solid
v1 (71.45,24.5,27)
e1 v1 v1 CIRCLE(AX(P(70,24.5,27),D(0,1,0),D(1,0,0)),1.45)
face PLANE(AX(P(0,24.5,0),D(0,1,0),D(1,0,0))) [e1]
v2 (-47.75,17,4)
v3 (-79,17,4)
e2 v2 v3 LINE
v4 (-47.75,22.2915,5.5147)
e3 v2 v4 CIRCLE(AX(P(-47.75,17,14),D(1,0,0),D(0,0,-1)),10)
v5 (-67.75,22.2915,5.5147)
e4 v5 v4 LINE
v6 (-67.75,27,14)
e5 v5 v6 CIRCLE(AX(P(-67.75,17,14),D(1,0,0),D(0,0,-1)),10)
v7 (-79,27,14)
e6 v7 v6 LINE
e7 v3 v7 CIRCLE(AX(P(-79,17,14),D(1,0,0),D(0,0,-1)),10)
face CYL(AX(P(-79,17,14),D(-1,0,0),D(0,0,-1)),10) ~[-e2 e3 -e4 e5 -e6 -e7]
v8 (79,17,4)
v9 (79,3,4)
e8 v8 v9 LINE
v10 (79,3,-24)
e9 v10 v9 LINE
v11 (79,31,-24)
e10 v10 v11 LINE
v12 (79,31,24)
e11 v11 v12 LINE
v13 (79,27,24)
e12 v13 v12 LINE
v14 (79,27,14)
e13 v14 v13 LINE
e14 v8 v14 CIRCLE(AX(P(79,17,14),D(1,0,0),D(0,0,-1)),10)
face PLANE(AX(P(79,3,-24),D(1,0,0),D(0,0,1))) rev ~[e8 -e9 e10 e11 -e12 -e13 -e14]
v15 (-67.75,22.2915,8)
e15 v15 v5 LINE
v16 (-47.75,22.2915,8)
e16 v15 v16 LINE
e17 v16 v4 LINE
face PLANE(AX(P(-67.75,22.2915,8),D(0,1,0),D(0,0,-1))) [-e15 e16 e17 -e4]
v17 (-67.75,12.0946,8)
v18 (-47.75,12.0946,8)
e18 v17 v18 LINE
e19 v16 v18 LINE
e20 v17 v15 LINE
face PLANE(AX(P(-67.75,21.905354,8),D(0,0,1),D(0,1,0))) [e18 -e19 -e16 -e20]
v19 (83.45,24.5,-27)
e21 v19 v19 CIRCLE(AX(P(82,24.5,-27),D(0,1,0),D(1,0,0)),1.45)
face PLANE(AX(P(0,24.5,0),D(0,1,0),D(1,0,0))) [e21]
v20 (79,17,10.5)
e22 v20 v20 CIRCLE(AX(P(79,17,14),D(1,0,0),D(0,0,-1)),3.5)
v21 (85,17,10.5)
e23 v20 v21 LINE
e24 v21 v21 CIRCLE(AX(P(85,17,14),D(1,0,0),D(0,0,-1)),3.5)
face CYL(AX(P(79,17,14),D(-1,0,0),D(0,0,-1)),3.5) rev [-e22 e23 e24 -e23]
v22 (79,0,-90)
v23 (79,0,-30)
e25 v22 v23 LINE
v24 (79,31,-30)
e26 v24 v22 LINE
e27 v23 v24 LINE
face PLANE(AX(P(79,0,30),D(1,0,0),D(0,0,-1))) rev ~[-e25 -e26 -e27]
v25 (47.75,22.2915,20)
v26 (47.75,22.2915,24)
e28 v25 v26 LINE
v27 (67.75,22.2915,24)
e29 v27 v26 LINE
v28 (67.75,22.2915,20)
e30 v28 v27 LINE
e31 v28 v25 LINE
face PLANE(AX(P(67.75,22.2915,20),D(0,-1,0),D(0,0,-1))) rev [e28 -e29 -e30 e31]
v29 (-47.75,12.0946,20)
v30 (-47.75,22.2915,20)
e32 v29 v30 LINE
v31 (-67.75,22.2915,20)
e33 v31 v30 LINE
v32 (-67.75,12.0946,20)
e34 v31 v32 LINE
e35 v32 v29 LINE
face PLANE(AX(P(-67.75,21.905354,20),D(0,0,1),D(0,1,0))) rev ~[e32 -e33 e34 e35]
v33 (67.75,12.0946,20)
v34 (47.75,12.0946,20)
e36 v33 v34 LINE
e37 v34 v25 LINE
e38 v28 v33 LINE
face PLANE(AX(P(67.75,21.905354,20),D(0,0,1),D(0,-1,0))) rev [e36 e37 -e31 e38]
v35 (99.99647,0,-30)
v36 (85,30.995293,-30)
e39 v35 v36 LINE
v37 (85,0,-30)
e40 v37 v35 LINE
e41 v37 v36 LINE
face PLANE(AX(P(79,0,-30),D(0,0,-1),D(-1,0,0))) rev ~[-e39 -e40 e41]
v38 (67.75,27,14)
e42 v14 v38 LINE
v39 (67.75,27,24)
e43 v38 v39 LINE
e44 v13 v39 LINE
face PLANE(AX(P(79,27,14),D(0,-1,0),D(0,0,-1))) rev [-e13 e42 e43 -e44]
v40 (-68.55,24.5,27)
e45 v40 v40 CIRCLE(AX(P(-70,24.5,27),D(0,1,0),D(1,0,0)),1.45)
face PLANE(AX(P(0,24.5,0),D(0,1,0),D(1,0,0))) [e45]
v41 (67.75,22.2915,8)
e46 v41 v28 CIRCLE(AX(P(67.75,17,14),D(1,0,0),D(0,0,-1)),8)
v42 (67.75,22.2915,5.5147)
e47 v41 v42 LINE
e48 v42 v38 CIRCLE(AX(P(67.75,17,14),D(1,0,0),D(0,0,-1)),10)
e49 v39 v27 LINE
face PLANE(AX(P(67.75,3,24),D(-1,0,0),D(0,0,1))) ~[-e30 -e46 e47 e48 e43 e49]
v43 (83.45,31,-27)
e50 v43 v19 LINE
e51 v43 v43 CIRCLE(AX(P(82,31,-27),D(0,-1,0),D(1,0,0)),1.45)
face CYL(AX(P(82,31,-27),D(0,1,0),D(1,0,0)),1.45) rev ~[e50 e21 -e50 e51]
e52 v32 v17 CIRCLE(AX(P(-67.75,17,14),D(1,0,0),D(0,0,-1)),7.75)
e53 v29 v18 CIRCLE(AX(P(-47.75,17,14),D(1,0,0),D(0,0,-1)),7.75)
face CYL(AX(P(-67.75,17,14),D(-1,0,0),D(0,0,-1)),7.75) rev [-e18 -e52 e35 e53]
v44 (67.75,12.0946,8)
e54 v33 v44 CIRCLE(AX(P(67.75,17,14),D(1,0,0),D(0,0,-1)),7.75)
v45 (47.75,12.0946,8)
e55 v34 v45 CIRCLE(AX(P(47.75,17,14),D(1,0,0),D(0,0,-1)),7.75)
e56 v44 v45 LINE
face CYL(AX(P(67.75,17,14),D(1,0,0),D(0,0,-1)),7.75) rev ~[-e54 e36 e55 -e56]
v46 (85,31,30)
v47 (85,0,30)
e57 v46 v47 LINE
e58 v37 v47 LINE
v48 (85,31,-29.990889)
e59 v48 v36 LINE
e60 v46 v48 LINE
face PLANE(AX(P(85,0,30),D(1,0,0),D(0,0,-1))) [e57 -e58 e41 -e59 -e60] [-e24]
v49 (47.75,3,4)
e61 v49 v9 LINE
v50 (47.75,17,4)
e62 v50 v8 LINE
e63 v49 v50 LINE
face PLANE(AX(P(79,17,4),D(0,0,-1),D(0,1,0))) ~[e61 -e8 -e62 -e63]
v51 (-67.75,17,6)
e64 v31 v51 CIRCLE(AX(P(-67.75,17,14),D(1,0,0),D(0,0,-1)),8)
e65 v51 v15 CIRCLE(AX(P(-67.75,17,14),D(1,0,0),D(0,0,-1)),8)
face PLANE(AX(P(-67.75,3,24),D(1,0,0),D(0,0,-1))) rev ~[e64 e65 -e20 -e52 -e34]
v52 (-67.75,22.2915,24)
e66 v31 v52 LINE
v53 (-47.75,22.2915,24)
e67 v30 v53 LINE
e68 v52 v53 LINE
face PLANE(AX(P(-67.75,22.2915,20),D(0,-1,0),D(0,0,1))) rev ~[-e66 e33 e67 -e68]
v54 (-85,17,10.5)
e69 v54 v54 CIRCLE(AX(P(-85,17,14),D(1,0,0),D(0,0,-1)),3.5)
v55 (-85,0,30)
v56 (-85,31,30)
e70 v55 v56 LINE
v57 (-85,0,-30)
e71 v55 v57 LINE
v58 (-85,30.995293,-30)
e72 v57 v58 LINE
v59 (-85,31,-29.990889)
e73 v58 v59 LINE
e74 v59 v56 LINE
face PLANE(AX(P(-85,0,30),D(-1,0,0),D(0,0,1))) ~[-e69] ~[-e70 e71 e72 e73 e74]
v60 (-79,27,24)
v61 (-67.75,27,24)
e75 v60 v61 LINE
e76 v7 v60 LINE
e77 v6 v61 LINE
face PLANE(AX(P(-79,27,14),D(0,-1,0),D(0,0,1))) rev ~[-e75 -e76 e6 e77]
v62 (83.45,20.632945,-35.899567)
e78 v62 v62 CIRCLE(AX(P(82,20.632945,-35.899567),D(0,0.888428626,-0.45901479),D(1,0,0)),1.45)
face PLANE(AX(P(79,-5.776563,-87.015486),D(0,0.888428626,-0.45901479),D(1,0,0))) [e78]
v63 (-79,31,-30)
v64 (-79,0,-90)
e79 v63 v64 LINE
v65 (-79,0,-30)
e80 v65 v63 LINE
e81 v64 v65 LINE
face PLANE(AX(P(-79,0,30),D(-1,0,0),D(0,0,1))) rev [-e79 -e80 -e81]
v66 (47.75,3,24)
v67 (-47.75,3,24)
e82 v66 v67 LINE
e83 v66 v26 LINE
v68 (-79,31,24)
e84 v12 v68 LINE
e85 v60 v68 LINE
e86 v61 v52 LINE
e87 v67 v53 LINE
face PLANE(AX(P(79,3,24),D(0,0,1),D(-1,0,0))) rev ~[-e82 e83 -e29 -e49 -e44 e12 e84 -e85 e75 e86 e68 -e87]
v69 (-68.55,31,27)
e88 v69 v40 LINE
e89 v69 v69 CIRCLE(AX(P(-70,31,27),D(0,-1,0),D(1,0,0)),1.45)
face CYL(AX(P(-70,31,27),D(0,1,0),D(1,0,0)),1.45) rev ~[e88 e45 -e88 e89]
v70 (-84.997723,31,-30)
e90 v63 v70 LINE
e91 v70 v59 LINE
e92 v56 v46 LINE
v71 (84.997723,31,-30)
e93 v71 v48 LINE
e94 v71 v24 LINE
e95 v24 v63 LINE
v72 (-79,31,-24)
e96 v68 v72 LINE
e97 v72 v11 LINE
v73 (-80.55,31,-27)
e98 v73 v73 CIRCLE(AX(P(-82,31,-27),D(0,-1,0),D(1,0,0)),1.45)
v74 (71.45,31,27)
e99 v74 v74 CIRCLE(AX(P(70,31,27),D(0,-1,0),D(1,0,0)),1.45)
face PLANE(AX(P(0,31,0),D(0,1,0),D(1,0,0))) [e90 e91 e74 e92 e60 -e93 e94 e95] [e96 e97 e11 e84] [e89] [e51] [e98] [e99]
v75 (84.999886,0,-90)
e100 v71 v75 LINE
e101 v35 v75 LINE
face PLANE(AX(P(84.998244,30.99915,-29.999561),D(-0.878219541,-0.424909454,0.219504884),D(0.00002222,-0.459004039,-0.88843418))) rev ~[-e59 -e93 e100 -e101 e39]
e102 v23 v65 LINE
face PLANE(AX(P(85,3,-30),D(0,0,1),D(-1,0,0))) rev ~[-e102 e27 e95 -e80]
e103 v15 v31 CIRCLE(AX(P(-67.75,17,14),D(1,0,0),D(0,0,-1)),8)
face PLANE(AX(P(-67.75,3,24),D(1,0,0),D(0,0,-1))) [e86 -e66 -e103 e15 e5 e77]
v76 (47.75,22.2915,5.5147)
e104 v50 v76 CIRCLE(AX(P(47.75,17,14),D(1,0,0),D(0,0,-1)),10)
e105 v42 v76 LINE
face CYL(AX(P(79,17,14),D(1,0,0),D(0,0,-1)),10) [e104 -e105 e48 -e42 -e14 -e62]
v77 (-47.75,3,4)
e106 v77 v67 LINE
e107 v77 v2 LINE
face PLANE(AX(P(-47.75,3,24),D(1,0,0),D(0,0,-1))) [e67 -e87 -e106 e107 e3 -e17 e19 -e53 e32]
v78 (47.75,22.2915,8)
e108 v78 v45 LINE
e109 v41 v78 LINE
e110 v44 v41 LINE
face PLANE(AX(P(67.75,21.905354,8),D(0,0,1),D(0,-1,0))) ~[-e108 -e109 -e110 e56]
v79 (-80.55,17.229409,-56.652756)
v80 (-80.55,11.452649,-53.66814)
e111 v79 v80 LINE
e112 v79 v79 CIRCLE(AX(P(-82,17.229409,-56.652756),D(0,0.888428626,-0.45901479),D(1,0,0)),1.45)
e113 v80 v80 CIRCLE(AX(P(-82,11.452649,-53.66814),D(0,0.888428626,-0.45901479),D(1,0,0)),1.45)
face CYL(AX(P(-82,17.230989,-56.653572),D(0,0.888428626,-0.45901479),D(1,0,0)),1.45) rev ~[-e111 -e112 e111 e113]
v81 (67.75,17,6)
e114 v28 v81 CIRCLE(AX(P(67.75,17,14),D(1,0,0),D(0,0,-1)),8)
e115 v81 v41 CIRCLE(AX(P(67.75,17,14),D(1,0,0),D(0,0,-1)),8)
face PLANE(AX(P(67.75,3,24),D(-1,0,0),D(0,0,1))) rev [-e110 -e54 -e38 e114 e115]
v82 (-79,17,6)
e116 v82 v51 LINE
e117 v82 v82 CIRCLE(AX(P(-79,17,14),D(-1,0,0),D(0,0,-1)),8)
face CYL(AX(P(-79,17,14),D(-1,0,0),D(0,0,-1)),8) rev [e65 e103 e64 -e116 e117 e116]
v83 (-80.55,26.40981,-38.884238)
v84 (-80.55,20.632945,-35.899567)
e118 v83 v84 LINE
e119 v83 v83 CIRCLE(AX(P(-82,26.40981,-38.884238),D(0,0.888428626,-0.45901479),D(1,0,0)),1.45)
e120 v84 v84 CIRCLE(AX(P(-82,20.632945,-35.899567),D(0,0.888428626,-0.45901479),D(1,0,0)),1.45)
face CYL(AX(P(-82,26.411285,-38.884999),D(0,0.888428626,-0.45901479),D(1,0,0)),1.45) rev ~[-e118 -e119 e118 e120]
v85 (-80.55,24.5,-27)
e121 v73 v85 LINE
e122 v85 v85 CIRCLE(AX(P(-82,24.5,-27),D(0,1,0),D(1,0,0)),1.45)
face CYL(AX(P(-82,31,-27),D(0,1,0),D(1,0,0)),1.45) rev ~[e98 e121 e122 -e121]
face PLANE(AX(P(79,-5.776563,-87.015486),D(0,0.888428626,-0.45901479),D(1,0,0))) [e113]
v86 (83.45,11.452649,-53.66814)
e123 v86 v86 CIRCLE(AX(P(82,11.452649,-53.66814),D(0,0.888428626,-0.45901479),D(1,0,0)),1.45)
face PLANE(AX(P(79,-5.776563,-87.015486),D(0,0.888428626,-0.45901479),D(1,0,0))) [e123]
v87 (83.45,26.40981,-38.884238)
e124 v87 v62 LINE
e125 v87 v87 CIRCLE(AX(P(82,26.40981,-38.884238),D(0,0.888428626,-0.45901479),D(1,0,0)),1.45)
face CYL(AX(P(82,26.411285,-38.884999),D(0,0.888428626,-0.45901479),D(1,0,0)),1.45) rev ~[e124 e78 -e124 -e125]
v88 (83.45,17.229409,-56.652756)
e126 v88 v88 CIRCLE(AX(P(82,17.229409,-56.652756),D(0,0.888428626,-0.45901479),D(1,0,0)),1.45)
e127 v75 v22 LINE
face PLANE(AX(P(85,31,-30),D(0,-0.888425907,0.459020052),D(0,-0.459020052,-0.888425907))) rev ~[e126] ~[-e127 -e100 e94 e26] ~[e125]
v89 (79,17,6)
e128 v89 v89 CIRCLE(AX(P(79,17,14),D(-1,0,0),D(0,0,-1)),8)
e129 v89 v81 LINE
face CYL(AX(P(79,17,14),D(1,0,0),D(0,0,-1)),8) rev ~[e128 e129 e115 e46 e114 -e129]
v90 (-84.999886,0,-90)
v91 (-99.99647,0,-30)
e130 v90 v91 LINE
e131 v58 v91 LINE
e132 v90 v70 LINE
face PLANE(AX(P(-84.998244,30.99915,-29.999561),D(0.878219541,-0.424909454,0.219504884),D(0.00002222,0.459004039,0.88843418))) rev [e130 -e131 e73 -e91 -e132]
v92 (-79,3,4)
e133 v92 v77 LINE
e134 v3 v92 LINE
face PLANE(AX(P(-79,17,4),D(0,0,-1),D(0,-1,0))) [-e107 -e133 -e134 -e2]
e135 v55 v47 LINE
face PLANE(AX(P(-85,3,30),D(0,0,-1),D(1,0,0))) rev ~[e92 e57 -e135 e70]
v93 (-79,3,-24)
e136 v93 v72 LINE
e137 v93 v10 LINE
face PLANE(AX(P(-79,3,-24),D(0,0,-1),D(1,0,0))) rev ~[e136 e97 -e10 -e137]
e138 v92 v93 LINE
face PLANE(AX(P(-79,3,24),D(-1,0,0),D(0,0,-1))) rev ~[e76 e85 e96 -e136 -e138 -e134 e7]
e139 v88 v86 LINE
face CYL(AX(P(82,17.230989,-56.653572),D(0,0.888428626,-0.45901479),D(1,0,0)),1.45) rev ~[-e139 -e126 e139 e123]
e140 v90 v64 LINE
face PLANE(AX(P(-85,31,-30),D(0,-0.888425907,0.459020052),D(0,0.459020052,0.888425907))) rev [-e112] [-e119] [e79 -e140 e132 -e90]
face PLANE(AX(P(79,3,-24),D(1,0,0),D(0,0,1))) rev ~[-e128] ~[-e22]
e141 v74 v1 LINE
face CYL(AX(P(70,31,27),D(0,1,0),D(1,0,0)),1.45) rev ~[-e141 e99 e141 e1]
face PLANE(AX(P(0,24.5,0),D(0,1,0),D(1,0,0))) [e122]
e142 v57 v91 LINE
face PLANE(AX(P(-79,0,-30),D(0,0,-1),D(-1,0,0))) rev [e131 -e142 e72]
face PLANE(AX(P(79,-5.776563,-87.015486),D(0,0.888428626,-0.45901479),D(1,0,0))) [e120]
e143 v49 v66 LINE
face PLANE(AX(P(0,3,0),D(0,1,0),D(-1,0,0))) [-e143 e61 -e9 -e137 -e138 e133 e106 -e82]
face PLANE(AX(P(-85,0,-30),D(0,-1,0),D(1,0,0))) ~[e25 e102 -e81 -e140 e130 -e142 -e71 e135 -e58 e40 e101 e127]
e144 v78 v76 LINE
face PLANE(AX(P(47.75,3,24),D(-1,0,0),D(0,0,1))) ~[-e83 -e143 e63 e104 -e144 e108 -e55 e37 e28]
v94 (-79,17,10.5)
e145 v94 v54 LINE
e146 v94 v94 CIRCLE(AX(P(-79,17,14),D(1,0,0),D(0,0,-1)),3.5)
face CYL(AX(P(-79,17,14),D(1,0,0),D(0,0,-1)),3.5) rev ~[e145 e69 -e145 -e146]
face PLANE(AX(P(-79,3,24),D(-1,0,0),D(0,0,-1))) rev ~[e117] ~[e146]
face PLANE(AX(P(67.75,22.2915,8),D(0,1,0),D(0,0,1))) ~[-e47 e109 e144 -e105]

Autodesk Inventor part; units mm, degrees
ref_plane "YZ Plane" through (0, 0, 0) normal (1, 0, 0) x (0, 1, 0)
ref_plane "XZ Plane" through (0, 0, 0) normal (0, 1, 0) x (-1, 0, 0)
sketch "Sketch1" plane through (0, 0, 0) normal (0, 1, 0) x (-1, 0, 0)
  line L0 (85, 30) -> (-85, 30)
  line L1 (-85, 30) -> (-85, -30)
  line L2 (-85, -30) -> (85, -30)
  line L3 (85, -30) -> (85, 30)
  line L4 (85, 30) -> (-85, -30) construction
  line L5 (-85, 30) -> (85, -30) construction
  line L6 (0, -42) -> (0, 42) projected
  point P0 (0, 0)
  point P1 (-100, -30)
  point P2 (-85, -27)
  dimension "d0" = 170
  dimension "d1" = 60
  dimension "d32" = 15
extrude "Extrusion1" add sketch "Sketch1" along normal blind 3
sketch "Sketch2" plane through (0, 3, 0) normal (0, 1, 0) x (1, 0, 0)
  line L0 (-85, 30) -> (-85, -30) projected
  line L1 (-85, -30) -> (85, -30) projected
  line L2 (85, -30) -> (85, 30) projected
  line L3 (79, -24) -> (-79, -24)
  line L4 (-79, -24) -> (-79, 24)
  line L5 (-79, 24) -> (79, 24)
  line L6 (79, 24) -> (79, -24)
  line L7 (79, -24) -> (-79, 24) construction
  line L8 (-79, -24) -> (79, 24) construction
  line L9 (85, 30) -> (-85, 30) projected
  point P0 (0, 0)
  dimension "d36" = 158
  dimension "d37" = 48
extrude "Extrusion2" add sketch "Sketch2" along normal blind 28
sketch "Sketch7" plane through (-79, 3, 24) normal (1, 0, 0) x (0, 0, -1)
  circle A0 centre (10, 14) radius 8
  line L0 (54, -3) -> (-6, -3) projected
  circle A1 centre (10, 14) radius 10
  line L1 (0, 14) -> (0, 0)
  line L2 (0, 14) -> (20, 14)
  line L3 (20, 14) -> (20, 0)
  line L4 (-6, -3) -> (-6, 28) projected
  line L5 (0, 0) -> (20, 0)
  line L6 (10, 24) -> (0, 24)
  line L7 (0, 0) -> (0, 28) projected
  line L8 (0, 14) -> (0, 24)
  point P0 (24, -3)
  point P1 (54, -3)
  dimension "MotorDiameter" = 16
  dimension "d18" = 17
  dimension "d20" = 2
  dimension "d40" = 20
  dimension "d62" = 10
extrude "Extrusion5" add sketch "Sketch7" along normal blind 11.25 contours L2 A1 A0 | A0 L2 A1 | L3 L5 L1 A1 | L7 L6 A1
sketch "Sketch8" plane through (-67.75, 3, 24) normal (1, 0, 0) x (0, 0, -1)
  arc A0 (20, 14) -> (10, 24) centre (10, 14) ccw projected
  circle A1 centre (10, 14) radius 8 projected
  line L0 (0, 0) -> (0, 24) projected
  line L1 (20, 0) -> (0, 0) projected
  line L2 (20, 0) -> (20, 14) projected
  circle A2 centre (10, 14) radius 7.75
  line L3 (10, 24) -> (0, 24) projected
  line L4 (0, 0) -> (0, 24) projected
  line L5 (4, 9.0946) -> (4, 19.2915)
  line L6 (10, 24) -> (0, 24) projected
  line L7 (16, 9.0946) -> (16, 19.2915)
  line L8 (16, 19.2915) -> (18.4853, 19.2915)
  arc A3 (20, 14) -> (10, 24) centre (10, 14) ccw projected
  line L9 (4, 19.2915) -> (0, 19.2915)
  point P0 (24, -3)
  point P1 (4, 27)
  point P2 (4, 18.9054)
  point P3 (16, 18.9054)
  dimension "d55" = 15.5
  dimension "d63" = 12
  dimension "d64" = 6
extrude "Extrusion6" add sketch "Sketch8" along normal blind 20 contours L2 L1 L0 L9 A1 L8 A0 | A1 L5 A2 L7 | A2 L7 | L5 A2 picked at (9.114, 6.2488)
sketch "Sketch9" plane through (-79, 20, 20) normal (1, 0, 0) x (0, 0, -1)
  circle A0 centre (6, -3) radius 3.5
  line L0 (50, -20) -> (-10, -20) projected
  line L1 (-10, -20) -> (-10, 11) projected
  point P0 (20, -20)
  point P1 (44, -20)
  dimension "d27" = 7
  dimension "d28" = 17
  dimension "d41" = 16
extrude "Extrusion7" cut sketch "Sketch9" against normal up to surface (6 mm away)
mirror "Mirror2" about plane through (0, 0, 0) normal (1, 0, 0) of "Extrusion7", "Extrusion6", "Extrusion5"
sketch "Sketch15" plane through (85, 0, 30) normal (1, 0, 0) x (0, 0, -1)
  line L0 (60, 31) -> (0, 31) projected
  line L1 (60, 31) -> (120, 0)
  line L2 (120, 0) -> (60, 0)
  circle A0 centre (16, 17) radius 3.5 projected
  line L3 (0, 0) -> (60, 0) projected
  line L4 (60, 0) -> (60, 31) projected
  line L5 (0, 31) -> (60, 31) projected
  line L6 (0, 0) -> (0, 31) projected
  point P0 (30, 0)
  dimension "d67" = 60
extrude "Extrusion12" add sketch "Sketch15" against normal blind 6 contours L1 L2 L4
mirror "Mirror5" about plane through (0, 0, 0) normal (1, 0, 0) of "Extrusion12"
sketch "Sketch16" plane through (79, 0, -30) normal (0, 0, -1) x (-1, 0, 0)
  line L0 (-6, 0) -> (-6, 31) projected
  line L1 (-6, 0) -> (0, 0) projected
  line L2 (0, 31) -> (0, 0) projected
  line L3 (-6, 31) -> (0, 31) projected
  line L4 (200.8, 0) -> (-56.8, 0) projected
  line L5 (-6, 31) -> (-21, 0)
  line L6 (-6, 0) -> (-21, 0)
  point P0 (79, 0)
  dimension "SideOffset" = 15
extrude "Extrusion13" add sketch "Sketch16" along normal blind 60 contours L4 L5 L0
ref_plane "Work Plane2" through (85, 31, -30) normal (-0.8782, -0.4249, 0.2195) x (0, -0.459, -0.8884)
sketch "Sketch19" plane through (85, 31, -30) normal (-0.8782, -0.4249, 0.2195) x (0, -0.459, -0.8884)
  line L0 (-86.7961, -100.9494) -> (167.9591, -100.9494)
  line L1 (167.9591, -100.9494) -> (167.9591, 132.7149)
  line L2 (167.9591, 132.7149) -> (-86.7961, 132.7149)
  line L3 (-86.7961, 132.7149) -> (-86.7961, -100.9494)
  point P0 (-12.4232, -4.3756)
extrude "Extrusion14" cut sketch "Sketch19" against normal blind 60
mirror "Mirror8" about plane through (0, 0, 0) normal (1, 0, 0) of "Extrusion13", "Extrusion14"
sketch "Sketch20" plane through (79, 0, -90) normal (0, 0.8884, -0.459) x (1, 0, 0)
  line L0 (6, 0) -> (6, -67.5352) projected
  line L1 (6, 0) -> (0, 0) projected
  line L2 (0, -67.5352) -> (0, 0) projected
  line L3 (6, -67.5352) -> (0, -67.5352) projected
  line L4 (-164, 0) -> (-164, -67.5352) projected
  line L5 (-158, -67.5352) -> (-164, -67.5352) projected
  line L6 (-158, -67.5352) -> (-158, 0) projected
  line L7 (-164, 0) -> (-158, 0) projected
  circle A0 centre (3, -57.5352) radius 1.45
  line L8 (6, -67.5352) -> (0, -67.5352) projected
  line L9 (3, -67.5352) -> (3, 0)
  circle A1 centre (3, -37.5352) radius 1.45
  line L10 (-79, 24.6917) -> (-79, -148.1499) projected
  circle A2 centre (-161, -57.5352) radius 1.45
  circle A3 centre (-161, -37.5352) radius 1.45
  point P0 (-79, -79.9583)
  dimension "d75" = 2.9
  dimension "d76" = 10
  dimension "d77" = 2.9
  dimension "d78" = 20
extrude "Extrusion15" cut sketch "Sketch20" against normal blind 6.5 contours A1 L9 | L9 A1 | L9 A0 | A0 L9 | A2 | A3
sketch "Sketch21" plane through (0, 31, 0) normal (0, 1, 0) x (1, 0, 0)
  line L0 (85, -30) -> (85, 30) projected
  line L1 (85, 30) -> (79, 30) projected
  line L2 (79, 30) -> (-79, 30) projected
  line L3 (-79, 30) -> (-85, 30) projected
  line L4 (-85, 30) -> (-85, -30) projected
  line L5 (-85, -30) -> (85, -30) projected
  line L6 (79, 24) -> (79, -24) projected
  line L7 (79, -24) -> (-79, -24) projected
  line L8 (-79, -24) -> (-79, 24) projected
  line L9 (-79, 24) -> (79, 24) projected
  line L10 (82, -30) -> (82, 30)
  line L11 (85, 30) -> (79, 30) projected
  line L12 (85, -30) -> (85, 30) projected
  line L13 (85, -27) -> (-85, -27)
  line L14 (-85, 30) -> (-85, -30) projected
  line L15 (85, 27) -> (-85, 27)
  circle A0 centre (82, 27) radius 1.45
  line L16 (0, 42) -> (0, -42) projected
  circle A1 centre (-82, 27) radius 1.45
  circle A2 centre (70, -27) radius 1.45
  circle A3 centre (-70, -27) radius 1.45
  point P0 (0, 0)
  dimension "d82" = 3
  dimension "d83" = 3
  dimension "d84" = 3
  dimension "d85" = 2.9
  dimension "d86" = 2.9
  dimension "d87" = 15
extrude "Extrusion16" cut sketch "Sketch21" against normal blind 6.5 contours A0 L10 L15 | L15 L10 A0 | A0 L15 L10 | A2 L13 | L13 A2 | L15 A0 L10 | A3 L13 | L13 A3 | A1 L15 | L15 A1
ref_plane "Work Plane3" through (-85, 31, -30) normal (-0.8782, 0.4249, -0.2195) x (0, -0.459, -0.8884)
equation "\"d0\" = Width"
equation "\"d1\" = Length"
equation "\"d32\" = -0.5 * Width + 0.5 * FullWidth"
equation "\"d2\" = BaseWallThickness"
equation "\"d36\" = Width - 2 * SideWallThickness"
equation "\"d37\" = Length - 2 * SideWallThickness"
equation "\"d5\" = Height - 2 * BaseWallThickness"
equation "\"d18\" = DriveMotorHeight"
equation "\"d20\" = DriveMotorMountThickness"
equation "\"d28\" = DriveMotorHeight"
equation "\"d41\" = SideWallThickness + DriveMotorMountThickness + 0.5 * MotorDiameter"
equation "\"d67\" = WedgeLength"
equation "\"d68\" = SideWallThickness"
equation "\"SideOffset\" = SideTriangleWidth"
equation "\"d71\" = WedgeLength"
equation "\"d73\" = WedgeLength"
equation "\"d75\" = ScrewHoleDia"
equation "\"d77\" = ScrewHoleDia"
equation "\"d79\" = ScrewDepth"
equation "\"d82\" = 0.5 * SideWallThickness"
equation "\"d83\" = 0.5 * SideWallThickness"
equation "\"d84\" = 0.5 * SideWallThickness"
equation "\"d85\" = ScrewHoleDia"
equation "\"d86\" = ScrewHoleDia"
equation "\"d88\" = ScrewDepth"
equation "\"SideWallThickness\" = 6"
equation "\"BaseWallThickness\" = 3"
equation "\"Width\" = 170"
equation "\"Length\" = 60"
equation "\"Height\" = 34"
equation "\"DriveMotorHeight\" = 17"
equation "\"DriveMotorMountThickness\" = 2"
equation "\"WedgeLength\" = 60"
equation "\"SideTriangleWidth\" = 15"
equation "\"ScrewHoleDia\" = 2.9"
equation "\"ScrewDepth\" = 6.5"
equation "\"FullWidth\" = 200"
properties part number "BodyWedgeV2" material "Thermoplastic Resin"
